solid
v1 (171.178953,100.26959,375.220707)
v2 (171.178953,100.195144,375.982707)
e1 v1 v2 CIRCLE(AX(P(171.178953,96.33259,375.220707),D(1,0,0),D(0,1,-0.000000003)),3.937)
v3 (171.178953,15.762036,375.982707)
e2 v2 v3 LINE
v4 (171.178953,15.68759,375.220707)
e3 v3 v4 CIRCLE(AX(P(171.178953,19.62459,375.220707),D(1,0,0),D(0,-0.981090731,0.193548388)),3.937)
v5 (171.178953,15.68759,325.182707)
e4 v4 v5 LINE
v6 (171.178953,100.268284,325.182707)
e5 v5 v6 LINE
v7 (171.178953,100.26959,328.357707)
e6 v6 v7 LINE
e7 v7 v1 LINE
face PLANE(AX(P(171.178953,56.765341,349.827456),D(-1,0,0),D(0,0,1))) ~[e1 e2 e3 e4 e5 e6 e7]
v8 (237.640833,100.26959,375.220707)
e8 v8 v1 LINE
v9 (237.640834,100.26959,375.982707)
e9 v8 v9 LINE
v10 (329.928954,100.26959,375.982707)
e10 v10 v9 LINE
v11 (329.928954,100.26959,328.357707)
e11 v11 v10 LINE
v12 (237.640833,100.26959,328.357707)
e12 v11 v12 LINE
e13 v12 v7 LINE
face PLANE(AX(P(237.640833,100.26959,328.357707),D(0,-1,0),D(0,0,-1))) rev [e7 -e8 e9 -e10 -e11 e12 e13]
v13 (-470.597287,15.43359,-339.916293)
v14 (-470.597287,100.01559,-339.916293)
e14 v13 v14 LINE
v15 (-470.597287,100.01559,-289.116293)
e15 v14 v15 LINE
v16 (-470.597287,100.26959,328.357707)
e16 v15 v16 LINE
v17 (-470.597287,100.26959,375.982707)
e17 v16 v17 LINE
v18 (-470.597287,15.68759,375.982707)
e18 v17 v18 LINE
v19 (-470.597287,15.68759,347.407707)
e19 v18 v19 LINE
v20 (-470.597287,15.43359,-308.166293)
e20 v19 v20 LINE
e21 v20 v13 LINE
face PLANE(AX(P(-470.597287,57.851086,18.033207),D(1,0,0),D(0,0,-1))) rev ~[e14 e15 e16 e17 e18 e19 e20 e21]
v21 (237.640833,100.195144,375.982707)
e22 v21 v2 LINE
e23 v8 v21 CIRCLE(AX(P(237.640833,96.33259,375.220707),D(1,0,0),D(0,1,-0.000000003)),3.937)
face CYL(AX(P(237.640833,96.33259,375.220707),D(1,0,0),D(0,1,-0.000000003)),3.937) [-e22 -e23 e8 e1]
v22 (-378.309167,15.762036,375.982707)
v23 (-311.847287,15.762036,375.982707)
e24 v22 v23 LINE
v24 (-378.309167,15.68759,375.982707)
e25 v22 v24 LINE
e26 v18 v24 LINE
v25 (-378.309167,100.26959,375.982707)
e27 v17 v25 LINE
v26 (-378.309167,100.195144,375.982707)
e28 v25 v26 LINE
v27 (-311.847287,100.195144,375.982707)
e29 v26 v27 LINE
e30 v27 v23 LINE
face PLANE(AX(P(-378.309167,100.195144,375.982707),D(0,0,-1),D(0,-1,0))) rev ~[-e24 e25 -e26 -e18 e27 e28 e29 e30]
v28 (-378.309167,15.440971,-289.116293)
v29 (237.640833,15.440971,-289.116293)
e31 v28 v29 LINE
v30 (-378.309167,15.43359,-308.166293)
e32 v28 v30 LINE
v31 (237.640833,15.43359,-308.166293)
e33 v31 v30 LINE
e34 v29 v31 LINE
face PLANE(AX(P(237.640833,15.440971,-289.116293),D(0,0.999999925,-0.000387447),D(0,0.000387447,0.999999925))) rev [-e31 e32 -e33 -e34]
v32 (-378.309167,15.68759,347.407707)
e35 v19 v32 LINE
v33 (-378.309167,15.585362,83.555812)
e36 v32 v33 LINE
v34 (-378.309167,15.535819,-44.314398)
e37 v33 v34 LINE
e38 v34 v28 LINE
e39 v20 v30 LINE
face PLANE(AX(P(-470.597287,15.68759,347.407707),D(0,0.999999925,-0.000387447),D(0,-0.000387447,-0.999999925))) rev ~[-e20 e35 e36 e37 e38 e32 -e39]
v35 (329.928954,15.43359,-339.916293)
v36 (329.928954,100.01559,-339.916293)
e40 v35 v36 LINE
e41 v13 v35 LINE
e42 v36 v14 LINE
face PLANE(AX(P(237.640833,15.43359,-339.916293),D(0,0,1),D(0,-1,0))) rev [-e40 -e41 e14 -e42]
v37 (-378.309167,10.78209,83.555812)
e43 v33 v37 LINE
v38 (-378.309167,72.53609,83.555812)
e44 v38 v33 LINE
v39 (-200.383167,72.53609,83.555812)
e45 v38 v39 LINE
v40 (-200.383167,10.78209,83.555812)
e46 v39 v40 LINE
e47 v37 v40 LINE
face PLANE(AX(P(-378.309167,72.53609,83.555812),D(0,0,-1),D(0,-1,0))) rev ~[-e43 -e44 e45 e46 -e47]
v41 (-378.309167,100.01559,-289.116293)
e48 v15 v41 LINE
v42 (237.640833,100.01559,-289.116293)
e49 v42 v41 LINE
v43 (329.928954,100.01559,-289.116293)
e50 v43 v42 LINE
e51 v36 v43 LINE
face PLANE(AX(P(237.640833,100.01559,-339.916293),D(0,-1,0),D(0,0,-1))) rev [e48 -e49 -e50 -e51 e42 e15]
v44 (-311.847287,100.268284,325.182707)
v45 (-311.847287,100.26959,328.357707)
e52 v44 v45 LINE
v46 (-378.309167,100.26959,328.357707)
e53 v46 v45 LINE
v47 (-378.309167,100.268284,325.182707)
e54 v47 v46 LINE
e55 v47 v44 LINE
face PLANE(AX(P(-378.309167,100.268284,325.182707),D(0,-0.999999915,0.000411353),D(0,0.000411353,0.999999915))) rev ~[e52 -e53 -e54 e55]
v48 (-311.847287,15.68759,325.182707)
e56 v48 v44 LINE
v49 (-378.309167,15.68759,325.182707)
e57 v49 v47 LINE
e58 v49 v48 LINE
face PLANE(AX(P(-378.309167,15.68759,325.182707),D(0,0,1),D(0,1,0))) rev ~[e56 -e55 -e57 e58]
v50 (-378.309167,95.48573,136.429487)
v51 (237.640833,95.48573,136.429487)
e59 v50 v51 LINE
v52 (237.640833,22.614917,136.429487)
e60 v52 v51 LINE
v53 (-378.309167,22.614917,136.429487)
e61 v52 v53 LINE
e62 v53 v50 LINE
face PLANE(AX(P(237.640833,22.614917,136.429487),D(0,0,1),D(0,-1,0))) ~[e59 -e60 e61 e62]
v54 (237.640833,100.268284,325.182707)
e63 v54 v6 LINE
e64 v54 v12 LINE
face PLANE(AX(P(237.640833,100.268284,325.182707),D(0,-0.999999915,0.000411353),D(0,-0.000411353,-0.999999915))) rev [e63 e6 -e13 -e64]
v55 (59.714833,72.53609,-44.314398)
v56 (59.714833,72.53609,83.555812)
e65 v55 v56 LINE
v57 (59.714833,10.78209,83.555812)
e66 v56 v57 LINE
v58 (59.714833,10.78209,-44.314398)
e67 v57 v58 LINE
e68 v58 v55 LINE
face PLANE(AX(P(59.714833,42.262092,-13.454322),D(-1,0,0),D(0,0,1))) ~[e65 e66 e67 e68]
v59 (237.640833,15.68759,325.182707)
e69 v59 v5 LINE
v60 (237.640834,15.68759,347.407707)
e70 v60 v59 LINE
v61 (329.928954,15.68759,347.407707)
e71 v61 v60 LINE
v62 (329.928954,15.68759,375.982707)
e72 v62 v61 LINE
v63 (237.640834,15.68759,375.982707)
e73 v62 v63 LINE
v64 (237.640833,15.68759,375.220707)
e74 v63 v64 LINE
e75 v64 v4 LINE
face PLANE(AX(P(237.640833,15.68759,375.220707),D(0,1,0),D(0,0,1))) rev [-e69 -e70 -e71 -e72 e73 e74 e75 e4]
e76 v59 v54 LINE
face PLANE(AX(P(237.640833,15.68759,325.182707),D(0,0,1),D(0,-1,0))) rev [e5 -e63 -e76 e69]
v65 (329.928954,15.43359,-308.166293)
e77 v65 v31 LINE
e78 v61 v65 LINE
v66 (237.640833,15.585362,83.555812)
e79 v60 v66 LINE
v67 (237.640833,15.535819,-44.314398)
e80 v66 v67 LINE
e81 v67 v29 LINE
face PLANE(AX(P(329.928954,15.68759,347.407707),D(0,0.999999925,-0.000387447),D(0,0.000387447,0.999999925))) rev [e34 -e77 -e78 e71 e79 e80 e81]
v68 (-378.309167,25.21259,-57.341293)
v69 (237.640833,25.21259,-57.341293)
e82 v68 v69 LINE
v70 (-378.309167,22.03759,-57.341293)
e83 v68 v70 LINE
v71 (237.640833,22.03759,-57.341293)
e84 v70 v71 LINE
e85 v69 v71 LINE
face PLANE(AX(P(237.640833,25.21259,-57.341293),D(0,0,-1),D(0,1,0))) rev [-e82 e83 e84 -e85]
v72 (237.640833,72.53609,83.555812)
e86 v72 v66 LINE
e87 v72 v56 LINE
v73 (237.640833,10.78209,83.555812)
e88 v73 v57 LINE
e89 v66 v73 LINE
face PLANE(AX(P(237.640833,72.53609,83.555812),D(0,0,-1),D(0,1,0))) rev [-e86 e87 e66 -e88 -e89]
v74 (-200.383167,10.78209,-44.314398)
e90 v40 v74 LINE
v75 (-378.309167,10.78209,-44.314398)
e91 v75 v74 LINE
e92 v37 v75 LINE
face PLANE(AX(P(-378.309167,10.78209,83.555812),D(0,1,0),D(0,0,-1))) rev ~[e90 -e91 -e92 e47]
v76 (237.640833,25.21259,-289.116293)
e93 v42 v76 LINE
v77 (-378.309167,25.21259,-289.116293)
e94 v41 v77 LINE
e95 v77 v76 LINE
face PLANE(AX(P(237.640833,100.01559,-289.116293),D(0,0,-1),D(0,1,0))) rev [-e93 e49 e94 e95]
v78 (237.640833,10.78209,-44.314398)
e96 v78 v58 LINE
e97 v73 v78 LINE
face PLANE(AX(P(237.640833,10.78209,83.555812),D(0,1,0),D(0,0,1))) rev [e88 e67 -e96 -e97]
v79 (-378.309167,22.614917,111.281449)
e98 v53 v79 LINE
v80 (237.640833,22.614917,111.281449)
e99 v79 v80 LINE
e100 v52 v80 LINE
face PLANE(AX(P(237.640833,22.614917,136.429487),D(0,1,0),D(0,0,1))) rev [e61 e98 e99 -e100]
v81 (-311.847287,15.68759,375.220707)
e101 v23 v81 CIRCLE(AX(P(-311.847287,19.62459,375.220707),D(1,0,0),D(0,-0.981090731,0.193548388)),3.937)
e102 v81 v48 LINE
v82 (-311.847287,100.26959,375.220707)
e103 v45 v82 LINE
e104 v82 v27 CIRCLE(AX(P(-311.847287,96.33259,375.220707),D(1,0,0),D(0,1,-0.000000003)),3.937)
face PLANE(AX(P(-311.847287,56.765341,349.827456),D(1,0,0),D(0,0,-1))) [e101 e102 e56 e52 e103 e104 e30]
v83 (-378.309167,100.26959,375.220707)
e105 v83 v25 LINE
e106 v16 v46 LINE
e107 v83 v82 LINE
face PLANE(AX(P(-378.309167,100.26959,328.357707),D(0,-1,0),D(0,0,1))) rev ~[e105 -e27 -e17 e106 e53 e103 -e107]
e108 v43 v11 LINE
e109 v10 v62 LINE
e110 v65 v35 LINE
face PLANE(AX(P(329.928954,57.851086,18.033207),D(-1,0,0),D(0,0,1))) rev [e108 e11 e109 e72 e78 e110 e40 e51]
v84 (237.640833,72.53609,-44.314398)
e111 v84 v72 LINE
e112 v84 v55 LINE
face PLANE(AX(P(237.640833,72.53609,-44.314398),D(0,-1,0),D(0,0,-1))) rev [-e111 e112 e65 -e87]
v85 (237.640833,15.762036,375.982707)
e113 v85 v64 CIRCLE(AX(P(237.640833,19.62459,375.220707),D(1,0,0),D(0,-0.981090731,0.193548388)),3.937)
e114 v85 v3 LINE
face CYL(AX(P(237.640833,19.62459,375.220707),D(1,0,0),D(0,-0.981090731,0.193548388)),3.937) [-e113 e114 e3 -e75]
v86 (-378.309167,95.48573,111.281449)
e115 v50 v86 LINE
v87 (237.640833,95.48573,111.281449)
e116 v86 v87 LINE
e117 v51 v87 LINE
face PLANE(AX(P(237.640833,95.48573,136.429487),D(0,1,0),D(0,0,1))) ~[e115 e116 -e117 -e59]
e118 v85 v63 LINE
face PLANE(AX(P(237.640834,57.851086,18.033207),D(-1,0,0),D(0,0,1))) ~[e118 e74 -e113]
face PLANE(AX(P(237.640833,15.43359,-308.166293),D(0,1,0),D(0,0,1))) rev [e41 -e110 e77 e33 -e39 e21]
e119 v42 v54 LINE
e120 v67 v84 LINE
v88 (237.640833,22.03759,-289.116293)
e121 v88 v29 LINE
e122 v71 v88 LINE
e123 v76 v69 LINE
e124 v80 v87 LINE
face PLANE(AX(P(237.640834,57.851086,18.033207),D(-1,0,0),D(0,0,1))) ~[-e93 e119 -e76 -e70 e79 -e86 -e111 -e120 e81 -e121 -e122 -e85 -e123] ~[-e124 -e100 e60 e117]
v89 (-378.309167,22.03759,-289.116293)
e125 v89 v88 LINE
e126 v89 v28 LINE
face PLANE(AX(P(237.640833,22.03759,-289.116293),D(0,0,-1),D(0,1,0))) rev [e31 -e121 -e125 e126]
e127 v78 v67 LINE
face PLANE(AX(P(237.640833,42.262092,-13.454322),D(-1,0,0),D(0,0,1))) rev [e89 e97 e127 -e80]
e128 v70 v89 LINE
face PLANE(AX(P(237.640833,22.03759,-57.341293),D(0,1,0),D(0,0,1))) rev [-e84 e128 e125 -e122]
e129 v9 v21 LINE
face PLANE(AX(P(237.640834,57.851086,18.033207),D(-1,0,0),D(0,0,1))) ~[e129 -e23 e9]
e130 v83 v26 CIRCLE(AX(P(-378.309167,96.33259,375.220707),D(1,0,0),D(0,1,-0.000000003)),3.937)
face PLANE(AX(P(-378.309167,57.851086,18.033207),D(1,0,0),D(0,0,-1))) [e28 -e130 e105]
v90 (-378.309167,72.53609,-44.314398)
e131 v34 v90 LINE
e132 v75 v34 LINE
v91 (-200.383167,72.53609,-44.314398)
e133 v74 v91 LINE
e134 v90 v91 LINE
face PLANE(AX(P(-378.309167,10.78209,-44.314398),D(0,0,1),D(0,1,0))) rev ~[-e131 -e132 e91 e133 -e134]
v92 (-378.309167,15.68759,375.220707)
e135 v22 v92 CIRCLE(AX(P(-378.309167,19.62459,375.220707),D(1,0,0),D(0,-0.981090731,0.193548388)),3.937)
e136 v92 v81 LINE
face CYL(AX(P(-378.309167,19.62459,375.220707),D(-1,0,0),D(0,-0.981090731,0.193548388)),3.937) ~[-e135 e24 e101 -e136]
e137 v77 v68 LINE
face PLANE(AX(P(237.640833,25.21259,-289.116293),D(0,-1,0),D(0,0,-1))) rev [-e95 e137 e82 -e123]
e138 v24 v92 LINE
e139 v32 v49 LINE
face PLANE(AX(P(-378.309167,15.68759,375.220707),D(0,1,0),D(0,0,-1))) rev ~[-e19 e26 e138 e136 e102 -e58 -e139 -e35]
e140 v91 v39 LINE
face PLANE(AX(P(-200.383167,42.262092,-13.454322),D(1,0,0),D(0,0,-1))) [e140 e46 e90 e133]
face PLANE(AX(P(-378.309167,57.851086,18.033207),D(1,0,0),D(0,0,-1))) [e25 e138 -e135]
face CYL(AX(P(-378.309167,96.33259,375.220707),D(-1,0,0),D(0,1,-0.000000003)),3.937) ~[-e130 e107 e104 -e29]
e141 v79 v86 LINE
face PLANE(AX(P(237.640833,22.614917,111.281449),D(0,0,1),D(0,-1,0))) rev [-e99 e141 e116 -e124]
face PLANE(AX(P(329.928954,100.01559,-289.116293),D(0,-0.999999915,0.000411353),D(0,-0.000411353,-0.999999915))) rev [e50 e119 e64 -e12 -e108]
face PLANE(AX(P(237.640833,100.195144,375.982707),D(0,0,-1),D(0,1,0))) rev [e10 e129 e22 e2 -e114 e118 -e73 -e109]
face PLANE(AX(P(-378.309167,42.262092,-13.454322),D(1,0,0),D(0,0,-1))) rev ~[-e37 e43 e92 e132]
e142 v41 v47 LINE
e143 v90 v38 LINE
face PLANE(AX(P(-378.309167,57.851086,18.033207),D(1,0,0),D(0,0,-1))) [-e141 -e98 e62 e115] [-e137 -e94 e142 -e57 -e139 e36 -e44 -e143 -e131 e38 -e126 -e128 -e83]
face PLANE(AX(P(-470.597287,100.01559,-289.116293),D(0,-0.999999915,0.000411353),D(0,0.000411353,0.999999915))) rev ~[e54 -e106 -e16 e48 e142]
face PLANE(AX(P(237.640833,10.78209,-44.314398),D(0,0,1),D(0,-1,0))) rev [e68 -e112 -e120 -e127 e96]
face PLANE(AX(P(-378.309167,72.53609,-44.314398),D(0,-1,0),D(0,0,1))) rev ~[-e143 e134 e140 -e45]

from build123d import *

# Parameters (mm, degrees)
BOSS_EXTRUDE1_DEPTH = 92.28812
BOSS_EXTRUDE2_DEPTH = 66.46188
BOSS_EXTRUDE3_DEPTH = 307.975
BOSS_EXTRUDE4_DEPTH = 177.926
SKETCH6_W           = 25.148038513
SKETCH6_H           = 72.870812273
BOSS_EXTRUDE5_DEPTH = 307.975


with BuildPart() as part:
    # Sketch1 → Boss-Extrude1 (new body)
    with BuildSketch(Plane.ZY.offset(470.597286824)):
        Polygon((375.982707359, 100.269590084), (375.982707359, 15.687590084), (347.407707359, 15.687590084), (-308.166292641, 15.433590084), (-339.916292641, 15.433590084), (-339.916292641, 100.015590084), (-289.116292641, 100.015590084), (328.357707359, 100.269590084), align=None)
    extrude(amount=-BOSS_EXTRUDE1_DEPTH)

    # Sketch2 → Boss-Extrude2 (add)
    with BuildSketch(Plane(origin=(-378.309166646, 0, 0), x_dir=(0, 0, -1), z_dir=(1, 0, 0))):
        Polygon((-375.220707359, 18.862590084), (-344.232707359, 18.862590084), (-344.232707359, 15.687590084), (-325.182707359, 15.687590084), (-325.182707359, 97.094590084), (-375.220707359, 97.094590084), align=None)
        Polygon((-375.220707359, 100.269590084), (-375.220707359, 97.094590084), (-325.182707359, 97.094590084), (-325.182707359, 100.268284038), (-328.357707359, 100.269590084), align=None)
        with BuildLine():
            ThreePointArc((-375.982707359, 96.332590084), (-375.759522726, 96.871405452), (-375.220707359, 97.094590084))
            Line((-375.220707359, 97.094590084), (-375.220707359, 100.269590084))
            ThreePointArc((-375.220707359, 100.269590084), (-375.60352134, 100.250934436), (-375.982707359, 100.195144291))
            Line((-375.982707359, 100.195144291), (-375.982707359, 96.332590084))
        make_face()
        with BuildLine():
            ThreePointArc((-375.982707359, 19.624590084), (-375.759522726, 19.085774717), (-375.220707359, 18.862590084))
            Line((-375.220707359, 18.862590084), (-375.220707359, 97.094590084))
            ThreePointArc((-375.220707359, 97.094590084), (-375.759522726, 96.871405452), (-375.982707359, 96.332590084))
            Line((-375.982707359, 96.332590084), (-375.982707359, 19.624590084))
        make_face()
        Polygon((-344.232707359, 15.687590084), (-344.232707359, 18.862590084), (-375.220707359, 18.862590084), (-375.220707359, 15.687590084), (-347.407707359, 15.687590084), align=None)
        with BuildLine():
            Line((-375.220707359, 15.687590084), (-375.220707359, 18.862590084))
            ThreePointArc((-375.220707359, 18.862590084), (-375.759522726, 19.085774717), (-375.982707359, 19.624590084))
            Line((-375.982707359, 19.624590084), (-375.982707359, 15.762035878))
            ThreePointArc((-375.982707359, 15.762035878), (-375.60352134, 15.706245733), (-375.220707359, 15.687590084))
        make_face()
    extrude(amount=BOSS_EXTRUDE2_DEPTH)

    # Sketch3 → Boss-Extrude3 (add)
    with BuildSketch(Plane(origin=(-378.309166646, 0, 0), x_dir=(0, 0, -1), z_dir=(1, 0, 0))):
        Polygon((289.116292641, 100.015590084), (289.116292641, 25.212590084), (57.341292641, 25.212590084), (57.341292641, 22.037590084), (289.116292641, 22.037590084), (289.116292641, 15.440970945), (308.166292641, 15.433590084), (339.916292641, 15.433590084), (339.916292641, 100.015590084), align=None)
    extrude(amount=BOSS_EXTRUDE3_DEPTH)

    # Sketch4 → Boss-Extrude4 (add)
    with BuildSketch(Plane(origin=(-378.309166646, 0, 0), x_dir=(0, 0, -1), z_dir=(1, 0, 0))):
        with BuildLine():
            ThreePointArc((44.31439752, 41.659090084), (35.270733675, 63.492426094), (13.437397726, 72.536090084))
            ThreePointArc((13.437397726, 72.536090084), (-5.359329042, 66.155461235), (-16.387494219, 49.65064574))
            ThreePointArc((-16.387494219, 49.65064574), (-15.318667207, 30.412852027), (-3.052669821, 15.554170853))
            Line((-3.052669821, 15.554170853), (29.907231382, 15.541400647))
            ThreePointArc((29.907231382, 15.541400647), (38.295788177, 23.343808407), (43.262289258, 33.667534429))
            ThreePointArc((43.262289258, 33.667534429), (44.050240504, 37.628832847), (44.31439752, 41.659090084))
        make_face()
        with BuildLine():
            ThreePointArc((-22.8539205, 49.65064574), (-33.882085595, 66.155461173), (-52.678812238, 72.536090084))
            ThreePointArc((-52.678812238, 72.536090084), (-74.512148435, 63.492426054), (-83.555812238, 41.659089763))
            ThreePointArc((-83.555812238, 41.659089763), (-83.291655202, 37.628832688), (-82.503703977, 33.667534429))
            ThreePointArc((-82.503703977, 33.667534429), (-77.55849945, 23.372748372), (-69.209387458, 15.579803056))
            Line((-69.209387458, 15.579803056), (-36.168450647, 15.567001453))
            ThreePointArc((-36.168450647, 15.567001453), (-23.918377136, 30.424033264), (-22.8539205, 49.65064574))
        make_face()
        with BuildLine():
            Line((13.437397726, 72.536090084), (-52.678812238, 72.536090084))
            ThreePointArc((-52.678812238, 72.536090084), (-33.882085595, 66.155461173), (-22.8539205, 49.65064574))
            ThreePointArc((-22.8539205, 49.65064574), (-23.918377136, 30.424033264), (-36.168450647, 15.567001453))
            Line((-36.168450647, 15.567001453), (-3.052669821, 15.554170853))
            ThreePointArc((-3.052669821, 15.554170853), (-15.318667207, 30.412852027), (-16.387494219, 49.65064574))
            ThreePointArc((-16.387494219, 49.65064574), (-5.359329042, 66.155461235), (13.437397726, 72.536090084))
        make_face()
        with BuildLine():
            ThreePointArc((-52.678812238, 10.782090084), (-44.083938524, 12.002433583), (-36.168450647, 15.567001453))
            Line((-36.168450647, 15.567001453), (-69.209387458, 15.579803056))
            ThreePointArc((-69.209387458, 15.579803056), (-61.285175681, 12.005765865), (-52.678812238, 10.782090084))
        make_face()
        with BuildLine():
            Line((-3.052669821, 15.554170853), (-36.168450647, 15.567001453))
            ThreePointArc((-36.168450647, 15.567001453), (-44.083938524, 12.002433583), (-52.678812238, 10.782090084))
            Line((-52.678812238, 10.782090084), (13.437397518, 10.782090084))
            ThreePointArc((13.437397518, 10.782090084), (4.854054992, 11.999094129), (-3.052669821, 15.554170853))
        make_face()
        with BuildLine():
            Line((29.907231382, 15.541400647), (-3.052669821, 15.554170853))
            ThreePointArc((-3.052669821, 15.554170853), (4.854054992, 11.999094129), (13.437397518, 10.782090084))
            ThreePointArc((13.437397518, 10.782090084), (22.009247734, 11.995770768), (29.907231382, 15.541400647))
        make_face()
        with BuildLine():
            Line((44.31439752, 10.782090084), (44.31439752, 15.535818637))
            Line((44.31439752, 15.535818637), (29.907231382, 15.541400647))
            ThreePointArc((29.907231382, 15.541400647), (22.009247734, 11.995770768), (13.437397518, 10.782090084))
            Line((13.437397518, 10.782090084), (44.31439752, 10.782090084))
        make_face()
        with BuildLine():
            Line((-69.209387458, 15.579803056), (-83.555812238, 15.585361532))
            Line((-83.555812238, 15.585361532), (-83.555812238, 10.782090084))
            Line((-83.555812238, 10.782090084), (-52.678812238, 10.782090084))
            ThreePointArc((-52.678812238, 10.782090084), (-61.285175681, 12.005765865), (-69.209387458, 15.579803056))
        make_face()
        with BuildLine():
            ThreePointArc((-82.503703977, 33.667534429), (-83.291655202, 37.628832688), (-83.555812238, 41.659089763))
            Line((-83.555812238, 41.659089763), (-83.555812238, 15.585361532))
            Line((-83.555812238, 15.585361532), (-69.209387458, 15.579803056))
            ThreePointArc((-69.209387458, 15.579803056), (-77.55849945, 23.372748372), (-82.503703977, 33.667534429))
        make_face()
        with BuildLine():
            Line((-52.678812238, 72.536090084), (-83.555812238, 72.536090084))
            Line((-83.555812238, 72.536090084), (-83.555812238, 41.659089763))
            ThreePointArc((-83.555812238, 41.659089763), (-74.512148435, 63.492426054), (-52.678812238, 72.536090084))
        make_face()
        with BuildLine():
            Line((44.31439752, 72.536090084), (13.437397726, 72.536090084))
            ThreePointArc((13.437397726, 72.536090084), (35.270733675, 63.492426094), (44.31439752, 41.659090084))
            Line((44.31439752, 41.659090084), (44.31439752, 72.536090084))
        make_face()
        with BuildLine():
            Line((44.31439752, 15.535818637), (44.31439752, 41.659090084))
            ThreePointArc((44.31439752, 41.659090084), (44.050240504, 37.628832847), (43.262289258, 33.667534429))
            ThreePointArc((43.262289258, 33.667534429), (38.295788177, 23.343808407), (29.907231382, 15.541400647))
            Line((29.907231382, 15.541400647), (44.31439752, 15.535818637))
        make_face()
    extrude(amount=BOSS_EXTRUDE4_DEPTH)

    # Sketch6 → Boss-Extrude5 (add)
    with BuildSketch(Plane(origin=(-378.309166646, 0, 0), x_dir=(0, 0, -1), z_dir=(1, 0, 0))):
        with Locations((-123.855467844, 59.050323619)):
            Rectangle(SKETCH6_W, SKETCH6_H)
    extrude(amount=BOSS_EXTRUDE5_DEPTH)

    # Mirror1: part across plane


with BuildPart() as part_1:
    add(part.part)
    add(part.part.mirror(Plane(origin=(-70.334166646, 0, 0), x_dir=(0, 0, 1), z_dir=(1, 0, 0))))


solid = part_1.part
